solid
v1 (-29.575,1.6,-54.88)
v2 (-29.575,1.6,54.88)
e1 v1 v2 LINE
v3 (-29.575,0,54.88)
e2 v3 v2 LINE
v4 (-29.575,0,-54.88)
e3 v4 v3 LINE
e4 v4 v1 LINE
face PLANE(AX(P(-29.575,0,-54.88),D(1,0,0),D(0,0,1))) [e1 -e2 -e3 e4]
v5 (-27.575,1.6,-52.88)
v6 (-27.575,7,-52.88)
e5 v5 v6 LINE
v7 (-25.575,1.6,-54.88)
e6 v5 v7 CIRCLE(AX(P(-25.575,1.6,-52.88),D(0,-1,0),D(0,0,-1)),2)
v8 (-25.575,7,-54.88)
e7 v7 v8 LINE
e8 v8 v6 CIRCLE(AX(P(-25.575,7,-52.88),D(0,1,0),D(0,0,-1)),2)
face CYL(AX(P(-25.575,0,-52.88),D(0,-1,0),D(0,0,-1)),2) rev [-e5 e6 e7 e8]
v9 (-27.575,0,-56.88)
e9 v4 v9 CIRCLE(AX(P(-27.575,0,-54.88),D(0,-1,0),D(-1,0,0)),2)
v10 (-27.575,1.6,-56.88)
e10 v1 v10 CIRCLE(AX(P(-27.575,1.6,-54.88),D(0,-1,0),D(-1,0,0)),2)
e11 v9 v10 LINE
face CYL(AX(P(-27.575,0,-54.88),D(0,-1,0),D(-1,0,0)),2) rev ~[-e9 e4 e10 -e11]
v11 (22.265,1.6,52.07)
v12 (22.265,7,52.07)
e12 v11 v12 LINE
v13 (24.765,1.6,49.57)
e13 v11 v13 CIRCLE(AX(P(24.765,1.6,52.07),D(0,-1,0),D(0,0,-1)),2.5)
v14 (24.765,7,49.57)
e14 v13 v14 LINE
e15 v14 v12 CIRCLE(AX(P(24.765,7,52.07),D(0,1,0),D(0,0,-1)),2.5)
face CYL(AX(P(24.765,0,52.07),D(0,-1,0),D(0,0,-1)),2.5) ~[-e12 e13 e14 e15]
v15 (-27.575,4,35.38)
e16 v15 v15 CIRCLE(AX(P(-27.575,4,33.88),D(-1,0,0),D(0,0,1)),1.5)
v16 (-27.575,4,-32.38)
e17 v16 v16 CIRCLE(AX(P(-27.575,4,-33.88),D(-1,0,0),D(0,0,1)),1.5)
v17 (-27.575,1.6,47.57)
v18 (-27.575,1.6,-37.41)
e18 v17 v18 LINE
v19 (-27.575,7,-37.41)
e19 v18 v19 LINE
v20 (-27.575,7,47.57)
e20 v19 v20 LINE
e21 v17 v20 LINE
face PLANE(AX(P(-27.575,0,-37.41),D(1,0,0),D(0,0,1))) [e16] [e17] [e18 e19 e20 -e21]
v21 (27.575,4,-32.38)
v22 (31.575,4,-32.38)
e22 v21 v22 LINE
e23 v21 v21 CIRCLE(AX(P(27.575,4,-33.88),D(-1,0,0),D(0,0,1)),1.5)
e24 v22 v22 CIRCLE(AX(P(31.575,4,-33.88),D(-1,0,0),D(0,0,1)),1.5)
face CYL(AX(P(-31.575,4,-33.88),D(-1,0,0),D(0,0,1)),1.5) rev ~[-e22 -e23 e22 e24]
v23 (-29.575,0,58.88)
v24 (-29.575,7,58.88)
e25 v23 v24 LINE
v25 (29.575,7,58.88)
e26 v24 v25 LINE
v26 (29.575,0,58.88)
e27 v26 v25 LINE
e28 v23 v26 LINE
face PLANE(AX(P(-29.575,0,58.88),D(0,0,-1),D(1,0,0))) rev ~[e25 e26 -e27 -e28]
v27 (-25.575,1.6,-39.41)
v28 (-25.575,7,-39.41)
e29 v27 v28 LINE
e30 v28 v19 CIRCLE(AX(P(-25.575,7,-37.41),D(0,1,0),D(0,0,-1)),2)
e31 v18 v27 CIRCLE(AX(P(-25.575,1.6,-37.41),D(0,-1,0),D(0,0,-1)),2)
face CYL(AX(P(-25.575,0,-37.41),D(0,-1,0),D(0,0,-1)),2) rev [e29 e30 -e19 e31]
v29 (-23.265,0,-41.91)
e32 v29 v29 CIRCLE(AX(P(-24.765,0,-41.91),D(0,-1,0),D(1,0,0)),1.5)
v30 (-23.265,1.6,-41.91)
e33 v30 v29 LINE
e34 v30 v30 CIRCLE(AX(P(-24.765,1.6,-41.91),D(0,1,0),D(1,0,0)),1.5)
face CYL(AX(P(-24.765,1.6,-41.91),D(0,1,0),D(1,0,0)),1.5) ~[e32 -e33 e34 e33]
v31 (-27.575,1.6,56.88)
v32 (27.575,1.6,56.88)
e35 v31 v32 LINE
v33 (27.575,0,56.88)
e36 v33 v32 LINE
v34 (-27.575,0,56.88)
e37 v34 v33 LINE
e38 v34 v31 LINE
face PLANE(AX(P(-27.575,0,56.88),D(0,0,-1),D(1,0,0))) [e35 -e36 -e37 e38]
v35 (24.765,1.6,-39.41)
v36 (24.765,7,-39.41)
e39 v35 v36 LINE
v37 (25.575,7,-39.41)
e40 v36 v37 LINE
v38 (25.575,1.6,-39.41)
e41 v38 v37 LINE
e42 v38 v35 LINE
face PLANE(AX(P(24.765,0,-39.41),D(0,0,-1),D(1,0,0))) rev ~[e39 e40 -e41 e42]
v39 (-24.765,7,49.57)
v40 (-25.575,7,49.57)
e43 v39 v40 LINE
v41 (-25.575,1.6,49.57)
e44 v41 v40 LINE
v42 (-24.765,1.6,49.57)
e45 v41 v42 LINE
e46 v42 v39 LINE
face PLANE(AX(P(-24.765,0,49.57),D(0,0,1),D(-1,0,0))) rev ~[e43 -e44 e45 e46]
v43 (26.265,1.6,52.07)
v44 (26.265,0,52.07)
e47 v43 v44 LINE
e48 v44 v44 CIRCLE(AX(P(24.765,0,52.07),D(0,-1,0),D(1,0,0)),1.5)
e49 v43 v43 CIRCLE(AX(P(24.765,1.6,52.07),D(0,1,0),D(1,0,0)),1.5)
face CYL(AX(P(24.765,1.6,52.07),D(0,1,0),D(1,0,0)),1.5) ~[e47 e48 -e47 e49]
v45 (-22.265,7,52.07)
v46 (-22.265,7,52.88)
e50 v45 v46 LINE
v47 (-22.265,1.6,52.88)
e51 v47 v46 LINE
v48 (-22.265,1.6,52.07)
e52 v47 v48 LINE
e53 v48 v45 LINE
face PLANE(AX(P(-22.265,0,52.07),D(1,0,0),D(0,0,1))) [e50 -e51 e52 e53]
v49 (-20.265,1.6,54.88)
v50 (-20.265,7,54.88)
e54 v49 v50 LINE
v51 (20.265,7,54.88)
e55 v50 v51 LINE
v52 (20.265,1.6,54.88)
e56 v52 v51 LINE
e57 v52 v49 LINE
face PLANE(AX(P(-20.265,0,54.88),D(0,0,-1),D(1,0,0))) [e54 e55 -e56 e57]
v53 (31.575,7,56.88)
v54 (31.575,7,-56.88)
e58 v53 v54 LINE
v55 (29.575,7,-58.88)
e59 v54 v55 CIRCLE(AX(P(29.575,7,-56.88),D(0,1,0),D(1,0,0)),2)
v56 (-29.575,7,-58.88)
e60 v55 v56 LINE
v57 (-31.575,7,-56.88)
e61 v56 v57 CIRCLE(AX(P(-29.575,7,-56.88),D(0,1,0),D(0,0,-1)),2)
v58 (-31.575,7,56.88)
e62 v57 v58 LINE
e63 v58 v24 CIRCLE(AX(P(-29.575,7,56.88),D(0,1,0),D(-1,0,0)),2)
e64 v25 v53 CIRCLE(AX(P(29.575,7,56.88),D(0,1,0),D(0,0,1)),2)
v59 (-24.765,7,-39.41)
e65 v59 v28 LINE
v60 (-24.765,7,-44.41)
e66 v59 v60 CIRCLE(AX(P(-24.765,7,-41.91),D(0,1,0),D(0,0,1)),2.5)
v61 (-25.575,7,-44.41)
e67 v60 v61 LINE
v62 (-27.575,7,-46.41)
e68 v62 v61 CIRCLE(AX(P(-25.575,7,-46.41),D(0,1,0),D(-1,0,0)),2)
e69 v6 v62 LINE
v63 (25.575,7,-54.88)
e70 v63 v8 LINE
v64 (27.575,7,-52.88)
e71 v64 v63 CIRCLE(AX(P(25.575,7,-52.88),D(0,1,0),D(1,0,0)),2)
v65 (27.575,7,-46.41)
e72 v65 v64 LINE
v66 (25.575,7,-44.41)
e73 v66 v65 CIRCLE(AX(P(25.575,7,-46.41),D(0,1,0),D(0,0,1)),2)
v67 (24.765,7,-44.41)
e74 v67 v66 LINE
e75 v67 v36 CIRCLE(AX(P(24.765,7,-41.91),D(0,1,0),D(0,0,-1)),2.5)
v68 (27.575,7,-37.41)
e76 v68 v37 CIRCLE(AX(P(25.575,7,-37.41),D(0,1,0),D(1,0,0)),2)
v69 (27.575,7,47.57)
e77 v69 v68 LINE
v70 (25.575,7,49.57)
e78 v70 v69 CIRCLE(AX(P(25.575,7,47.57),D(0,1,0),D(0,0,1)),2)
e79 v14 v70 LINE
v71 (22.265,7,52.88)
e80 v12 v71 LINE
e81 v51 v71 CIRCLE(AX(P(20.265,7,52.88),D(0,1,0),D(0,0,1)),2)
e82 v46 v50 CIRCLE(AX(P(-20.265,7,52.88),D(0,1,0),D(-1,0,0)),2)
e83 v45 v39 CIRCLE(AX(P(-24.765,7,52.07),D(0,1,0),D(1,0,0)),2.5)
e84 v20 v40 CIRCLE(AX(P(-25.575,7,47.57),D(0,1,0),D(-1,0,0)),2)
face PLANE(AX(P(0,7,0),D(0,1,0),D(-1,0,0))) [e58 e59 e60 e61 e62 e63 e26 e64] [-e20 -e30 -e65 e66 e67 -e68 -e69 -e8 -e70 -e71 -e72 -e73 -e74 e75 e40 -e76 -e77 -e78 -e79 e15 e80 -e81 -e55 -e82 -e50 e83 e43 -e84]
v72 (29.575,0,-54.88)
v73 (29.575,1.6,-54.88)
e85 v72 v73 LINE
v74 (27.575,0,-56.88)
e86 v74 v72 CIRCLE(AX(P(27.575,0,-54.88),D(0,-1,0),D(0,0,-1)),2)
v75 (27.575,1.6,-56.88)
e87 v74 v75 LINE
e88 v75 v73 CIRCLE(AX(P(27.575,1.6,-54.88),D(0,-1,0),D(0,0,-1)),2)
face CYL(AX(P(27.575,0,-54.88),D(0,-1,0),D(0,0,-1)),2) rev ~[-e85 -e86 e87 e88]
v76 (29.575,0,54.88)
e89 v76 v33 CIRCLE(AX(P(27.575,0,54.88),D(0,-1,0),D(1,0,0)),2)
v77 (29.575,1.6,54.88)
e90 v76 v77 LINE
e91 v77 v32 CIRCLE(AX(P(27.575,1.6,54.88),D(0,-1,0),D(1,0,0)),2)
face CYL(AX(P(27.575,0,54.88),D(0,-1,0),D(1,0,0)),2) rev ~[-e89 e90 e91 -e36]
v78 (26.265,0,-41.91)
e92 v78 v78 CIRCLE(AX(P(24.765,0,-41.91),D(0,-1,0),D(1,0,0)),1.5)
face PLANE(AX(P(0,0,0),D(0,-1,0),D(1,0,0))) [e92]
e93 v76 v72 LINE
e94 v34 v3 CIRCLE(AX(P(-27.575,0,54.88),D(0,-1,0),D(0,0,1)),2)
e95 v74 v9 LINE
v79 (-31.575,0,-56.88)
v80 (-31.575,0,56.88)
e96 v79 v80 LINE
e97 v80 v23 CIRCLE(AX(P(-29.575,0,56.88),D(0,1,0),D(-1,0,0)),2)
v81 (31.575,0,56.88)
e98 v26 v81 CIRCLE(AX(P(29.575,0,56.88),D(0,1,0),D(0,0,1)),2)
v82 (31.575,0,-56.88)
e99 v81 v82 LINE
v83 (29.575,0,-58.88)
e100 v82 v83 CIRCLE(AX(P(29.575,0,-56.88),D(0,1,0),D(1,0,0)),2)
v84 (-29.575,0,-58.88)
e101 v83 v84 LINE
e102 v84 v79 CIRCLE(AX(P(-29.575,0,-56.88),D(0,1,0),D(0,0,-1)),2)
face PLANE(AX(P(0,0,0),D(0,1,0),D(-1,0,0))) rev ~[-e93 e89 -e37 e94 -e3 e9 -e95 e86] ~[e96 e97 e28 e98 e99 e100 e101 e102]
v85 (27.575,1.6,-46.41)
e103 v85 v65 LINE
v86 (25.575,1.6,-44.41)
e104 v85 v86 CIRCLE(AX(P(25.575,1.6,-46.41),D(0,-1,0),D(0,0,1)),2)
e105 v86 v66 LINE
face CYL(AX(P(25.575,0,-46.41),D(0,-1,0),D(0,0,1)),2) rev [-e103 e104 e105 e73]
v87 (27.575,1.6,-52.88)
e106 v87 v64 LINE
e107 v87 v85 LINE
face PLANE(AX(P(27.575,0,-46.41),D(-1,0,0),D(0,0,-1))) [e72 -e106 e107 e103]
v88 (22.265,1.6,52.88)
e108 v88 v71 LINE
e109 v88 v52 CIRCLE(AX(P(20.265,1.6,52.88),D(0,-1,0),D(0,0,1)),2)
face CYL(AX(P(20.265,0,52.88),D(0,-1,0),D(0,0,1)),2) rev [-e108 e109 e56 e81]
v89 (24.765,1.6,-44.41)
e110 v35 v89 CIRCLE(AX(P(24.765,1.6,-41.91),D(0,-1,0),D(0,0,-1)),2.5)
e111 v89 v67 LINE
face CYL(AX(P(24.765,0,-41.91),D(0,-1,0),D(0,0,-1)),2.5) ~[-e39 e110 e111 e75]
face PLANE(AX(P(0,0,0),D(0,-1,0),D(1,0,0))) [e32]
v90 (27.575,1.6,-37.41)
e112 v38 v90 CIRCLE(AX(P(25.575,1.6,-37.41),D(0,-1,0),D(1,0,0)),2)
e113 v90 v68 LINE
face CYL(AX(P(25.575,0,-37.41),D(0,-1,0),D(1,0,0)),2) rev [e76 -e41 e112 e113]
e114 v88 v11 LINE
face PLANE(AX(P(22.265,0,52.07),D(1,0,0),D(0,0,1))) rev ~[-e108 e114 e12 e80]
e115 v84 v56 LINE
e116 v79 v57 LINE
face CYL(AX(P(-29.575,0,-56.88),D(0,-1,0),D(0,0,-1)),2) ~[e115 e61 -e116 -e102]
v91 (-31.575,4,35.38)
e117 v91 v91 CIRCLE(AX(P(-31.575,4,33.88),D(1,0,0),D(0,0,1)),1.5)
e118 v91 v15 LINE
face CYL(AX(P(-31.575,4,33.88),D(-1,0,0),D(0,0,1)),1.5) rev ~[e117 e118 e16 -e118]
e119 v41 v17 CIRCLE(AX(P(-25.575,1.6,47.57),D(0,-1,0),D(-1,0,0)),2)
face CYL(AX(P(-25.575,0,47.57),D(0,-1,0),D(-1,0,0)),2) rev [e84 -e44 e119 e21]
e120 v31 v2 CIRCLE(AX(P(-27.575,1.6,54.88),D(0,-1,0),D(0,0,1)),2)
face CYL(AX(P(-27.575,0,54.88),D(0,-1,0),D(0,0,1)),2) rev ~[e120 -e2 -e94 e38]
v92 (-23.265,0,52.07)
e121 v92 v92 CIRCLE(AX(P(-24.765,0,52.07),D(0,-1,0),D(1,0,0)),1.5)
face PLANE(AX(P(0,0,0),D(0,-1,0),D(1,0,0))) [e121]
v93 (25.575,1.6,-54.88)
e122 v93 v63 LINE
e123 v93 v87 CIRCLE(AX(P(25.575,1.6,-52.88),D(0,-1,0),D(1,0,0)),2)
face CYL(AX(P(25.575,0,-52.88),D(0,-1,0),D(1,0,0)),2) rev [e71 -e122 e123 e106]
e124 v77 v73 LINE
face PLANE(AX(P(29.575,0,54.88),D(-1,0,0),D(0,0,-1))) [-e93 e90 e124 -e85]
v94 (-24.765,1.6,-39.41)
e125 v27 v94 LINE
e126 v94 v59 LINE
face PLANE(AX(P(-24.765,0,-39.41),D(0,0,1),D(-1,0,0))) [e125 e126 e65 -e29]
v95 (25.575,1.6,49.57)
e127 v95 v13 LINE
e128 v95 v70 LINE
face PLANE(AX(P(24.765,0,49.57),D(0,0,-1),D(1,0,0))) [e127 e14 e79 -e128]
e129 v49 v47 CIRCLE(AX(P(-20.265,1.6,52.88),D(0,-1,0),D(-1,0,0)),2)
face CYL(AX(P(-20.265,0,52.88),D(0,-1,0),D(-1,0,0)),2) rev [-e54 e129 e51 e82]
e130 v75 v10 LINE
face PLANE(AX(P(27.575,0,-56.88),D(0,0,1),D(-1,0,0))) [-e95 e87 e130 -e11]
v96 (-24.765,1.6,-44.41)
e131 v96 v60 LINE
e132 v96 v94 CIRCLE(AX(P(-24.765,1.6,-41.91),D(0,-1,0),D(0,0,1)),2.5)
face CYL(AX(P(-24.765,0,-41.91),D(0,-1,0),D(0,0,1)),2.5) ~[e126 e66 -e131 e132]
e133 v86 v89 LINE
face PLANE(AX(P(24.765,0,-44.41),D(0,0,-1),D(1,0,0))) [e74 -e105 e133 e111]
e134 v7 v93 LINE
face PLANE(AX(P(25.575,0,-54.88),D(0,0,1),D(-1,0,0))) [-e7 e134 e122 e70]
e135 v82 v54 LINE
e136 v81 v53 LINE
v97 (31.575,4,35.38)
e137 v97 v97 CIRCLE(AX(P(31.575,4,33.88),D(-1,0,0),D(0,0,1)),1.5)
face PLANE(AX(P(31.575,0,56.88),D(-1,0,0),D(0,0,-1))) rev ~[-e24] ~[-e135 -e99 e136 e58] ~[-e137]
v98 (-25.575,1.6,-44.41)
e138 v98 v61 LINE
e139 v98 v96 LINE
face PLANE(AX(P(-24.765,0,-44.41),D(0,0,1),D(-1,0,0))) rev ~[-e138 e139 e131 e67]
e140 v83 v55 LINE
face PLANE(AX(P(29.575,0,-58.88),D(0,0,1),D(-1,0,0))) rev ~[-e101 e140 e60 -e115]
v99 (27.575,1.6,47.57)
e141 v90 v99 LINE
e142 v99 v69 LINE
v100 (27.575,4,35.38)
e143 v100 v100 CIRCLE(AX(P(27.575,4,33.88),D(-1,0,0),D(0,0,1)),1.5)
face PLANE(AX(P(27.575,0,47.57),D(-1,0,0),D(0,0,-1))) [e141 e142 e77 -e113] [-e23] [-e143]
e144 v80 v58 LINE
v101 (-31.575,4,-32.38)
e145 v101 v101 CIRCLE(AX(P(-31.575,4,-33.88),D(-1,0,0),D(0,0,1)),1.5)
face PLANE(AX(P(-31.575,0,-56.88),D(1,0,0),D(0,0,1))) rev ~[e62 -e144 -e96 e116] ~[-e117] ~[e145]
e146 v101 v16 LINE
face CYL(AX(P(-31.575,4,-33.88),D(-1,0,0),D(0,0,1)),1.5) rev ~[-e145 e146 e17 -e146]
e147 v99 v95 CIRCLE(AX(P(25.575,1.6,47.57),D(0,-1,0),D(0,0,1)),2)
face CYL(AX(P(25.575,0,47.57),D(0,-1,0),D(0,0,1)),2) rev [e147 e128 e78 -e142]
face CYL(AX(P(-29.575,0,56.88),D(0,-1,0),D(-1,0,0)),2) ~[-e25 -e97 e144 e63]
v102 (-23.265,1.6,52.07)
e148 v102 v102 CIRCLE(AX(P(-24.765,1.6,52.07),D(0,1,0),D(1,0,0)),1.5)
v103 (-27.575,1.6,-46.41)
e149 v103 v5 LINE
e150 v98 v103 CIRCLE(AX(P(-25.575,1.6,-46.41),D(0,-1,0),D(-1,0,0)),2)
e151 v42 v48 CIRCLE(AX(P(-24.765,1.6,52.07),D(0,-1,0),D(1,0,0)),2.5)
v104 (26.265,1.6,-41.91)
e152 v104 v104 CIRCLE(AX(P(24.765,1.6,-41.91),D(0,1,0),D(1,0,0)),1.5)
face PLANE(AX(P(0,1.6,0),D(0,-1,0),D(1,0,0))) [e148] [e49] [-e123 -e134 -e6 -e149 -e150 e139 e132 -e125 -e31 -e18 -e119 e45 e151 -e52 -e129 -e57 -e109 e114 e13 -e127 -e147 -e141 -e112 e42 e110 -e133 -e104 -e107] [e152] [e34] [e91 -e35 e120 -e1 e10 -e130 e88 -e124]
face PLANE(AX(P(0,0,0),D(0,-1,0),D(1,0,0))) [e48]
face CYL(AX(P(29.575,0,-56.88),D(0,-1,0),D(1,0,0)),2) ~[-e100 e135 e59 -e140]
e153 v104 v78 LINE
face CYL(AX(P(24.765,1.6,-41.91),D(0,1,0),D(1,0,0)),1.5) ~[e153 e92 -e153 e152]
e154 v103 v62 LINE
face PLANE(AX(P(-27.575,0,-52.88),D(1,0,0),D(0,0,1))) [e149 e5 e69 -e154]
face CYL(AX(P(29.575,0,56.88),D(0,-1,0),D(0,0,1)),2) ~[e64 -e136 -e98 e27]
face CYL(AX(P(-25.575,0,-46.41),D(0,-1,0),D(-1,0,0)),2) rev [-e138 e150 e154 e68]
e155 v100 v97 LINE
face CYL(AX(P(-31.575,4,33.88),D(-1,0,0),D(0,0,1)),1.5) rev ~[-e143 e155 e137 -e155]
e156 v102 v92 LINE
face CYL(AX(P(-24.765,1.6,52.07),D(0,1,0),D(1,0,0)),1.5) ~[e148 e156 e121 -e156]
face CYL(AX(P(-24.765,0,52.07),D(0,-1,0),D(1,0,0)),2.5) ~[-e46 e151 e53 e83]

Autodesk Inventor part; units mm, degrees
ref_plane "YZ Plane" through (0, 0, 0) normal (1, 0, 0) x (0, 1, 0)
ref_plane "XZ Plane" through (0, 0, 0) normal (0, 1, 0) x (-1, 0, 0)
ref_plane "XY Plane" through (0, 0, 0) normal (0, 0, 1) x (1, 0, 0)
sketch "Sketch1" plane through (0, 0, 0) normal (0, 1, 0) x (-1, 0, 0)
  line L0 (29.575, 58.88) -> (-29.575, 58.88)
  line L1 (-31.575, 56.88) -> (-31.575, -56.88)
  line L2 (-29.575, -58.88) -> (29.575, -58.88)
  line L3 (31.575, -56.88) -> (31.575, 56.88)
  line L4 (21.765, 52.07) -> (27.765, 52.07) construction
  line L5 (0, 0) -> (-80.4548, 0) construction
  line L6 (0, 0) -> (0, 46.6746) construction
  line L7 (28.575, 55.88) -> (-28.575, 55.88) construction
  line L8 (-28.575, 55.88) -> (-28.575, -55.88) construction
  line L9 (-28.575, -55.88) -> (28.575, -55.88) construction
  line L10 (28.575, -55.88) -> (28.575, 55.88) construction
  circle A0 centre (24.765, 52.07) radius 1.5 construction
  circle A1 centre (-24.765, 52.07) radius 1.5 construction
  circle A2 centre (24.765, -41.91) radius 3.8303 construction
  circle A3 centre (-24.765, -41.91) radius 3.8303 construction
  line L11 (20.265, 54.88) -> (-20.265, 54.88)
  line L12 (-25.575, -54.88) -> (25.575, -54.88)
  line L13 (28.575, 55.88) -> (-28.575, -55.88) construction
  line L14 (28.575, -55.88) -> (-28.575, 55.88) construction
  arc A4 (25.575, -54.88) -> (27.575, -52.88) centre (25.575, -52.88) ccw
  arc A5 (-27.575, -52.88) -> (-25.575, -54.88) centre (-25.575, -52.88) ccw
  arc A6 (-29.575, 58.88) -> (-31.575, 56.88) centre (-29.575, 56.88) ccw
  arc A7 (31.575, 56.88) -> (29.575, 58.88) centre (29.575, 56.88) ccw
  arc A8 (29.575, -58.88) -> (31.575, -56.88) centre (29.575, -56.88) ccw
  arc A9 (-31.575, -56.88) -> (-29.575, -58.88) centre (-29.575, -56.88) ccw
  circle A10 centre (24.765, 52.07) radius 1.5
  line L15 (24.765, 49.57) -> (25.575, 49.57)
  line L16 (22.265, 52.07) -> (22.265, 52.88)
  arc A11 (27.575, 47.57) -> (25.575, 49.57) centre (25.575, 47.57) ccw
  arc A12 (22.265, 52.88) -> (20.265, 54.88) centre (20.265, 52.88) ccw
  circle A13 centre (-24.765, 52.07) radius 1.5 construction
  circle A14 centre (-24.765, 52.07) radius 1.5
  arc A15 (-24.765, 49.57) -> (-22.265, 52.07) centre (-24.765, 52.07) ccw
  arc A16 (-25.575, 49.57) -> (-27.575, 47.57) centre (-25.575, 47.57) ccw
  arc A17 (-20.265, 54.88) -> (-22.265, 52.88) centre (-20.265, 52.88) ccw
  line L17 (-24.765, 49.57) -> (-25.575, 49.57)
  line L18 (-22.265, 52.07) -> (-22.265, 52.88)
  arc A18 (22.265, 52.07) -> (24.765, 49.57) centre (24.765, 52.07) ccw
  circle A19 centre (24.765, -41.91) radius 1.5
  circle A20 centre (-24.765, -41.91) radius 1.5
  arc A21 (-24.765, -44.41) -> (-24.765, -39.41) centre (-24.765, -41.91) ccw
  line L19 (-24.765, -44.41) -> (-25.575, -44.41)
  line L20 (-24.765, -39.41) -> (-25.575, -39.41)
  line L21 (-27.575, 47.57) -> (-27.575, -37.41)
  line L22 (-27.575, -46.41) -> (-27.575, -52.88)
  arc A22 (-27.575, -37.41) -> (-25.575, -39.41) centre (-25.575, -37.41) ccw
  arc A23 (-25.575, -44.41) -> (-27.575, -46.41) centre (-25.575, -46.41) ccw
  line L23 (24.765, -44.41) -> (25.575, -44.41)
  line L24 (24.765, -39.41) -> (25.575, -39.41)
  arc A24 (25.575, -39.41) -> (27.575, -37.41) centre (25.575, -37.41) ccw
  arc A25 (27.575, -46.41) -> (25.575, -44.41) centre (25.575, -46.41) ccw
  line L25 (27.575, -52.88) -> (27.575, -46.41)
  line L26 (27.575, -37.41) -> (27.575, 47.57)
  arc A26 (24.765, -39.41) -> (24.765, -44.41) centre (24.765, -41.91) ccw
  point P0 (31.575, 58.88)
  point P1 (-31.575, -58.88)
  point P2 (-31.575, 58.88)
  point P3 (31.575, -58.88)
  point P4 (-27.575, 54.88)
  dimension "d77" = 57.15
  dimension "d78" = 3.81
  dimension "d79" = 3.81
  dimension "d80" = 3.81
  dimension "d81" = 3.81
  dimension "d82" = 3
  dimension "d85" = 111.76
  dimension "d88" = 3.81
  dimension "d100" = 1
  dimension "d101" = 3
  dimension "d104" = 1
  dimension "d107" = 3
  dimension "d109" = 3
  dimension "d122" = 3
  dimension "d123" = 2
  dimension "d132" = 2
  dimension "d145" = 2
  dimension "d150" = 2.5
  dimension "d151" = 3
  dimension "d152" = 3
  dimension "d154" = 5
  dimension "d155" = 2
  dimension "d156" = 1
  dimension "d157" = 12.97
extrude "Extrusion1" add sketch "Sketch1" along normal blind 7
sketch "Sketch2" plane through (0, 0, 0) normal (0, -1, 0) x (1, 0, 0)
  line L0 (-27.575, 56.88) -> (27.575, 56.88)
  line L1 (29.575, 54.88) -> (29.575, -54.88)
  line L2 (27.575, -56.88) -> (-27.575, -56.88)
  line L3 (-29.575, -54.88) -> (-29.575, 54.88)
  line L4 (29.575, 56.88) -> (-29.575, -56.88) construction
  line L5 (29.575, -56.88) -> (-29.575, 56.88) construction
  arc A0 (29.575, 54.88) -> (27.575, 56.88) centre (27.575, 54.88) ccw
  arc A1 (-27.575, 56.88) -> (-29.575, 54.88) centre (-27.575, 54.88) ccw
  arc A2 (-29.575, -54.88) -> (-27.575, -56.88) centre (-27.575, -54.88) ccw
  arc A3 (27.575, -56.88) -> (29.575, -54.88) centre (27.575, -54.88) ccw
  circle A4 centre (-24.765, 52.07) radius 1.5 projected
  point P0 (0, 0)
  dimension "d26" = 59.15
  dimension "d27" = 113.76
  dimension "d131" = 2
extrude "Extrusion2" cut sketch "Sketch2" against normal blind 1.6
sketch "Sketch5" plane through (-31.575, 0, -56.88) normal (-1, 0, 0) x (0, 0, 1)
  circle A0 centre (23, 4) radius 1.5
  circle A1 centre (90.76, 4) radius 1.5
  line L0 (10.47, 7) -> (4, 7) projected
  line L1 (115.76, 0) -> (115.76, 7) projected
  line L2 (-2, 0) -> (-2, 7) projected
  circle A2 centre (90.76, 5.5) radius 1.5
  line L3 (92.26, 4) -> (92.26, 5.5)
  line L4 (90.76, 4) -> (90.76, 5.5) construction
  line L5 (89.26, 5.5) -> (89.26, 4)
  point P0 (56.88, 0)
  point P1 (109.76, 7)
  point P2 (104.45, 7)
  dimension "d133" = 3
  dimension "d134" = 3
  dimension "d135" = 3
  dimension "d136" = 3
  dimension "d137" = 25
  dimension "d138" = 25
  dimension "d141" = 3
  dimension "d142" = 1.5
extrude "Extrusion5" cut sketch "Sketch5" against normal blind 70 contours A0 | A1 A2 | A1 A2 picked at (90.702, 3.0107) picked at (90.702, 4.5034)
sketch "Sketch6" plane through (0, 1.6, 0) normal (0, -1, 0) x (1, 0, 0)
  circle A0 centre (-24.765, 52.07) radius 1.5 projected
  circle A1 centre (24.765, 52.07) radius 1.5 projected
  circle A2 centre (24.765, -41.91) radius 1.5 projected
  circle A3 centre (-24.765, -41.91) radius 1.5 projected
  point P0 (0, 0)
extrude "Extrusion6" add sketch "Sketch6" along normal blind 1.6 and the other way blind 5.4
properties part number "RahmenV05_BOT"
